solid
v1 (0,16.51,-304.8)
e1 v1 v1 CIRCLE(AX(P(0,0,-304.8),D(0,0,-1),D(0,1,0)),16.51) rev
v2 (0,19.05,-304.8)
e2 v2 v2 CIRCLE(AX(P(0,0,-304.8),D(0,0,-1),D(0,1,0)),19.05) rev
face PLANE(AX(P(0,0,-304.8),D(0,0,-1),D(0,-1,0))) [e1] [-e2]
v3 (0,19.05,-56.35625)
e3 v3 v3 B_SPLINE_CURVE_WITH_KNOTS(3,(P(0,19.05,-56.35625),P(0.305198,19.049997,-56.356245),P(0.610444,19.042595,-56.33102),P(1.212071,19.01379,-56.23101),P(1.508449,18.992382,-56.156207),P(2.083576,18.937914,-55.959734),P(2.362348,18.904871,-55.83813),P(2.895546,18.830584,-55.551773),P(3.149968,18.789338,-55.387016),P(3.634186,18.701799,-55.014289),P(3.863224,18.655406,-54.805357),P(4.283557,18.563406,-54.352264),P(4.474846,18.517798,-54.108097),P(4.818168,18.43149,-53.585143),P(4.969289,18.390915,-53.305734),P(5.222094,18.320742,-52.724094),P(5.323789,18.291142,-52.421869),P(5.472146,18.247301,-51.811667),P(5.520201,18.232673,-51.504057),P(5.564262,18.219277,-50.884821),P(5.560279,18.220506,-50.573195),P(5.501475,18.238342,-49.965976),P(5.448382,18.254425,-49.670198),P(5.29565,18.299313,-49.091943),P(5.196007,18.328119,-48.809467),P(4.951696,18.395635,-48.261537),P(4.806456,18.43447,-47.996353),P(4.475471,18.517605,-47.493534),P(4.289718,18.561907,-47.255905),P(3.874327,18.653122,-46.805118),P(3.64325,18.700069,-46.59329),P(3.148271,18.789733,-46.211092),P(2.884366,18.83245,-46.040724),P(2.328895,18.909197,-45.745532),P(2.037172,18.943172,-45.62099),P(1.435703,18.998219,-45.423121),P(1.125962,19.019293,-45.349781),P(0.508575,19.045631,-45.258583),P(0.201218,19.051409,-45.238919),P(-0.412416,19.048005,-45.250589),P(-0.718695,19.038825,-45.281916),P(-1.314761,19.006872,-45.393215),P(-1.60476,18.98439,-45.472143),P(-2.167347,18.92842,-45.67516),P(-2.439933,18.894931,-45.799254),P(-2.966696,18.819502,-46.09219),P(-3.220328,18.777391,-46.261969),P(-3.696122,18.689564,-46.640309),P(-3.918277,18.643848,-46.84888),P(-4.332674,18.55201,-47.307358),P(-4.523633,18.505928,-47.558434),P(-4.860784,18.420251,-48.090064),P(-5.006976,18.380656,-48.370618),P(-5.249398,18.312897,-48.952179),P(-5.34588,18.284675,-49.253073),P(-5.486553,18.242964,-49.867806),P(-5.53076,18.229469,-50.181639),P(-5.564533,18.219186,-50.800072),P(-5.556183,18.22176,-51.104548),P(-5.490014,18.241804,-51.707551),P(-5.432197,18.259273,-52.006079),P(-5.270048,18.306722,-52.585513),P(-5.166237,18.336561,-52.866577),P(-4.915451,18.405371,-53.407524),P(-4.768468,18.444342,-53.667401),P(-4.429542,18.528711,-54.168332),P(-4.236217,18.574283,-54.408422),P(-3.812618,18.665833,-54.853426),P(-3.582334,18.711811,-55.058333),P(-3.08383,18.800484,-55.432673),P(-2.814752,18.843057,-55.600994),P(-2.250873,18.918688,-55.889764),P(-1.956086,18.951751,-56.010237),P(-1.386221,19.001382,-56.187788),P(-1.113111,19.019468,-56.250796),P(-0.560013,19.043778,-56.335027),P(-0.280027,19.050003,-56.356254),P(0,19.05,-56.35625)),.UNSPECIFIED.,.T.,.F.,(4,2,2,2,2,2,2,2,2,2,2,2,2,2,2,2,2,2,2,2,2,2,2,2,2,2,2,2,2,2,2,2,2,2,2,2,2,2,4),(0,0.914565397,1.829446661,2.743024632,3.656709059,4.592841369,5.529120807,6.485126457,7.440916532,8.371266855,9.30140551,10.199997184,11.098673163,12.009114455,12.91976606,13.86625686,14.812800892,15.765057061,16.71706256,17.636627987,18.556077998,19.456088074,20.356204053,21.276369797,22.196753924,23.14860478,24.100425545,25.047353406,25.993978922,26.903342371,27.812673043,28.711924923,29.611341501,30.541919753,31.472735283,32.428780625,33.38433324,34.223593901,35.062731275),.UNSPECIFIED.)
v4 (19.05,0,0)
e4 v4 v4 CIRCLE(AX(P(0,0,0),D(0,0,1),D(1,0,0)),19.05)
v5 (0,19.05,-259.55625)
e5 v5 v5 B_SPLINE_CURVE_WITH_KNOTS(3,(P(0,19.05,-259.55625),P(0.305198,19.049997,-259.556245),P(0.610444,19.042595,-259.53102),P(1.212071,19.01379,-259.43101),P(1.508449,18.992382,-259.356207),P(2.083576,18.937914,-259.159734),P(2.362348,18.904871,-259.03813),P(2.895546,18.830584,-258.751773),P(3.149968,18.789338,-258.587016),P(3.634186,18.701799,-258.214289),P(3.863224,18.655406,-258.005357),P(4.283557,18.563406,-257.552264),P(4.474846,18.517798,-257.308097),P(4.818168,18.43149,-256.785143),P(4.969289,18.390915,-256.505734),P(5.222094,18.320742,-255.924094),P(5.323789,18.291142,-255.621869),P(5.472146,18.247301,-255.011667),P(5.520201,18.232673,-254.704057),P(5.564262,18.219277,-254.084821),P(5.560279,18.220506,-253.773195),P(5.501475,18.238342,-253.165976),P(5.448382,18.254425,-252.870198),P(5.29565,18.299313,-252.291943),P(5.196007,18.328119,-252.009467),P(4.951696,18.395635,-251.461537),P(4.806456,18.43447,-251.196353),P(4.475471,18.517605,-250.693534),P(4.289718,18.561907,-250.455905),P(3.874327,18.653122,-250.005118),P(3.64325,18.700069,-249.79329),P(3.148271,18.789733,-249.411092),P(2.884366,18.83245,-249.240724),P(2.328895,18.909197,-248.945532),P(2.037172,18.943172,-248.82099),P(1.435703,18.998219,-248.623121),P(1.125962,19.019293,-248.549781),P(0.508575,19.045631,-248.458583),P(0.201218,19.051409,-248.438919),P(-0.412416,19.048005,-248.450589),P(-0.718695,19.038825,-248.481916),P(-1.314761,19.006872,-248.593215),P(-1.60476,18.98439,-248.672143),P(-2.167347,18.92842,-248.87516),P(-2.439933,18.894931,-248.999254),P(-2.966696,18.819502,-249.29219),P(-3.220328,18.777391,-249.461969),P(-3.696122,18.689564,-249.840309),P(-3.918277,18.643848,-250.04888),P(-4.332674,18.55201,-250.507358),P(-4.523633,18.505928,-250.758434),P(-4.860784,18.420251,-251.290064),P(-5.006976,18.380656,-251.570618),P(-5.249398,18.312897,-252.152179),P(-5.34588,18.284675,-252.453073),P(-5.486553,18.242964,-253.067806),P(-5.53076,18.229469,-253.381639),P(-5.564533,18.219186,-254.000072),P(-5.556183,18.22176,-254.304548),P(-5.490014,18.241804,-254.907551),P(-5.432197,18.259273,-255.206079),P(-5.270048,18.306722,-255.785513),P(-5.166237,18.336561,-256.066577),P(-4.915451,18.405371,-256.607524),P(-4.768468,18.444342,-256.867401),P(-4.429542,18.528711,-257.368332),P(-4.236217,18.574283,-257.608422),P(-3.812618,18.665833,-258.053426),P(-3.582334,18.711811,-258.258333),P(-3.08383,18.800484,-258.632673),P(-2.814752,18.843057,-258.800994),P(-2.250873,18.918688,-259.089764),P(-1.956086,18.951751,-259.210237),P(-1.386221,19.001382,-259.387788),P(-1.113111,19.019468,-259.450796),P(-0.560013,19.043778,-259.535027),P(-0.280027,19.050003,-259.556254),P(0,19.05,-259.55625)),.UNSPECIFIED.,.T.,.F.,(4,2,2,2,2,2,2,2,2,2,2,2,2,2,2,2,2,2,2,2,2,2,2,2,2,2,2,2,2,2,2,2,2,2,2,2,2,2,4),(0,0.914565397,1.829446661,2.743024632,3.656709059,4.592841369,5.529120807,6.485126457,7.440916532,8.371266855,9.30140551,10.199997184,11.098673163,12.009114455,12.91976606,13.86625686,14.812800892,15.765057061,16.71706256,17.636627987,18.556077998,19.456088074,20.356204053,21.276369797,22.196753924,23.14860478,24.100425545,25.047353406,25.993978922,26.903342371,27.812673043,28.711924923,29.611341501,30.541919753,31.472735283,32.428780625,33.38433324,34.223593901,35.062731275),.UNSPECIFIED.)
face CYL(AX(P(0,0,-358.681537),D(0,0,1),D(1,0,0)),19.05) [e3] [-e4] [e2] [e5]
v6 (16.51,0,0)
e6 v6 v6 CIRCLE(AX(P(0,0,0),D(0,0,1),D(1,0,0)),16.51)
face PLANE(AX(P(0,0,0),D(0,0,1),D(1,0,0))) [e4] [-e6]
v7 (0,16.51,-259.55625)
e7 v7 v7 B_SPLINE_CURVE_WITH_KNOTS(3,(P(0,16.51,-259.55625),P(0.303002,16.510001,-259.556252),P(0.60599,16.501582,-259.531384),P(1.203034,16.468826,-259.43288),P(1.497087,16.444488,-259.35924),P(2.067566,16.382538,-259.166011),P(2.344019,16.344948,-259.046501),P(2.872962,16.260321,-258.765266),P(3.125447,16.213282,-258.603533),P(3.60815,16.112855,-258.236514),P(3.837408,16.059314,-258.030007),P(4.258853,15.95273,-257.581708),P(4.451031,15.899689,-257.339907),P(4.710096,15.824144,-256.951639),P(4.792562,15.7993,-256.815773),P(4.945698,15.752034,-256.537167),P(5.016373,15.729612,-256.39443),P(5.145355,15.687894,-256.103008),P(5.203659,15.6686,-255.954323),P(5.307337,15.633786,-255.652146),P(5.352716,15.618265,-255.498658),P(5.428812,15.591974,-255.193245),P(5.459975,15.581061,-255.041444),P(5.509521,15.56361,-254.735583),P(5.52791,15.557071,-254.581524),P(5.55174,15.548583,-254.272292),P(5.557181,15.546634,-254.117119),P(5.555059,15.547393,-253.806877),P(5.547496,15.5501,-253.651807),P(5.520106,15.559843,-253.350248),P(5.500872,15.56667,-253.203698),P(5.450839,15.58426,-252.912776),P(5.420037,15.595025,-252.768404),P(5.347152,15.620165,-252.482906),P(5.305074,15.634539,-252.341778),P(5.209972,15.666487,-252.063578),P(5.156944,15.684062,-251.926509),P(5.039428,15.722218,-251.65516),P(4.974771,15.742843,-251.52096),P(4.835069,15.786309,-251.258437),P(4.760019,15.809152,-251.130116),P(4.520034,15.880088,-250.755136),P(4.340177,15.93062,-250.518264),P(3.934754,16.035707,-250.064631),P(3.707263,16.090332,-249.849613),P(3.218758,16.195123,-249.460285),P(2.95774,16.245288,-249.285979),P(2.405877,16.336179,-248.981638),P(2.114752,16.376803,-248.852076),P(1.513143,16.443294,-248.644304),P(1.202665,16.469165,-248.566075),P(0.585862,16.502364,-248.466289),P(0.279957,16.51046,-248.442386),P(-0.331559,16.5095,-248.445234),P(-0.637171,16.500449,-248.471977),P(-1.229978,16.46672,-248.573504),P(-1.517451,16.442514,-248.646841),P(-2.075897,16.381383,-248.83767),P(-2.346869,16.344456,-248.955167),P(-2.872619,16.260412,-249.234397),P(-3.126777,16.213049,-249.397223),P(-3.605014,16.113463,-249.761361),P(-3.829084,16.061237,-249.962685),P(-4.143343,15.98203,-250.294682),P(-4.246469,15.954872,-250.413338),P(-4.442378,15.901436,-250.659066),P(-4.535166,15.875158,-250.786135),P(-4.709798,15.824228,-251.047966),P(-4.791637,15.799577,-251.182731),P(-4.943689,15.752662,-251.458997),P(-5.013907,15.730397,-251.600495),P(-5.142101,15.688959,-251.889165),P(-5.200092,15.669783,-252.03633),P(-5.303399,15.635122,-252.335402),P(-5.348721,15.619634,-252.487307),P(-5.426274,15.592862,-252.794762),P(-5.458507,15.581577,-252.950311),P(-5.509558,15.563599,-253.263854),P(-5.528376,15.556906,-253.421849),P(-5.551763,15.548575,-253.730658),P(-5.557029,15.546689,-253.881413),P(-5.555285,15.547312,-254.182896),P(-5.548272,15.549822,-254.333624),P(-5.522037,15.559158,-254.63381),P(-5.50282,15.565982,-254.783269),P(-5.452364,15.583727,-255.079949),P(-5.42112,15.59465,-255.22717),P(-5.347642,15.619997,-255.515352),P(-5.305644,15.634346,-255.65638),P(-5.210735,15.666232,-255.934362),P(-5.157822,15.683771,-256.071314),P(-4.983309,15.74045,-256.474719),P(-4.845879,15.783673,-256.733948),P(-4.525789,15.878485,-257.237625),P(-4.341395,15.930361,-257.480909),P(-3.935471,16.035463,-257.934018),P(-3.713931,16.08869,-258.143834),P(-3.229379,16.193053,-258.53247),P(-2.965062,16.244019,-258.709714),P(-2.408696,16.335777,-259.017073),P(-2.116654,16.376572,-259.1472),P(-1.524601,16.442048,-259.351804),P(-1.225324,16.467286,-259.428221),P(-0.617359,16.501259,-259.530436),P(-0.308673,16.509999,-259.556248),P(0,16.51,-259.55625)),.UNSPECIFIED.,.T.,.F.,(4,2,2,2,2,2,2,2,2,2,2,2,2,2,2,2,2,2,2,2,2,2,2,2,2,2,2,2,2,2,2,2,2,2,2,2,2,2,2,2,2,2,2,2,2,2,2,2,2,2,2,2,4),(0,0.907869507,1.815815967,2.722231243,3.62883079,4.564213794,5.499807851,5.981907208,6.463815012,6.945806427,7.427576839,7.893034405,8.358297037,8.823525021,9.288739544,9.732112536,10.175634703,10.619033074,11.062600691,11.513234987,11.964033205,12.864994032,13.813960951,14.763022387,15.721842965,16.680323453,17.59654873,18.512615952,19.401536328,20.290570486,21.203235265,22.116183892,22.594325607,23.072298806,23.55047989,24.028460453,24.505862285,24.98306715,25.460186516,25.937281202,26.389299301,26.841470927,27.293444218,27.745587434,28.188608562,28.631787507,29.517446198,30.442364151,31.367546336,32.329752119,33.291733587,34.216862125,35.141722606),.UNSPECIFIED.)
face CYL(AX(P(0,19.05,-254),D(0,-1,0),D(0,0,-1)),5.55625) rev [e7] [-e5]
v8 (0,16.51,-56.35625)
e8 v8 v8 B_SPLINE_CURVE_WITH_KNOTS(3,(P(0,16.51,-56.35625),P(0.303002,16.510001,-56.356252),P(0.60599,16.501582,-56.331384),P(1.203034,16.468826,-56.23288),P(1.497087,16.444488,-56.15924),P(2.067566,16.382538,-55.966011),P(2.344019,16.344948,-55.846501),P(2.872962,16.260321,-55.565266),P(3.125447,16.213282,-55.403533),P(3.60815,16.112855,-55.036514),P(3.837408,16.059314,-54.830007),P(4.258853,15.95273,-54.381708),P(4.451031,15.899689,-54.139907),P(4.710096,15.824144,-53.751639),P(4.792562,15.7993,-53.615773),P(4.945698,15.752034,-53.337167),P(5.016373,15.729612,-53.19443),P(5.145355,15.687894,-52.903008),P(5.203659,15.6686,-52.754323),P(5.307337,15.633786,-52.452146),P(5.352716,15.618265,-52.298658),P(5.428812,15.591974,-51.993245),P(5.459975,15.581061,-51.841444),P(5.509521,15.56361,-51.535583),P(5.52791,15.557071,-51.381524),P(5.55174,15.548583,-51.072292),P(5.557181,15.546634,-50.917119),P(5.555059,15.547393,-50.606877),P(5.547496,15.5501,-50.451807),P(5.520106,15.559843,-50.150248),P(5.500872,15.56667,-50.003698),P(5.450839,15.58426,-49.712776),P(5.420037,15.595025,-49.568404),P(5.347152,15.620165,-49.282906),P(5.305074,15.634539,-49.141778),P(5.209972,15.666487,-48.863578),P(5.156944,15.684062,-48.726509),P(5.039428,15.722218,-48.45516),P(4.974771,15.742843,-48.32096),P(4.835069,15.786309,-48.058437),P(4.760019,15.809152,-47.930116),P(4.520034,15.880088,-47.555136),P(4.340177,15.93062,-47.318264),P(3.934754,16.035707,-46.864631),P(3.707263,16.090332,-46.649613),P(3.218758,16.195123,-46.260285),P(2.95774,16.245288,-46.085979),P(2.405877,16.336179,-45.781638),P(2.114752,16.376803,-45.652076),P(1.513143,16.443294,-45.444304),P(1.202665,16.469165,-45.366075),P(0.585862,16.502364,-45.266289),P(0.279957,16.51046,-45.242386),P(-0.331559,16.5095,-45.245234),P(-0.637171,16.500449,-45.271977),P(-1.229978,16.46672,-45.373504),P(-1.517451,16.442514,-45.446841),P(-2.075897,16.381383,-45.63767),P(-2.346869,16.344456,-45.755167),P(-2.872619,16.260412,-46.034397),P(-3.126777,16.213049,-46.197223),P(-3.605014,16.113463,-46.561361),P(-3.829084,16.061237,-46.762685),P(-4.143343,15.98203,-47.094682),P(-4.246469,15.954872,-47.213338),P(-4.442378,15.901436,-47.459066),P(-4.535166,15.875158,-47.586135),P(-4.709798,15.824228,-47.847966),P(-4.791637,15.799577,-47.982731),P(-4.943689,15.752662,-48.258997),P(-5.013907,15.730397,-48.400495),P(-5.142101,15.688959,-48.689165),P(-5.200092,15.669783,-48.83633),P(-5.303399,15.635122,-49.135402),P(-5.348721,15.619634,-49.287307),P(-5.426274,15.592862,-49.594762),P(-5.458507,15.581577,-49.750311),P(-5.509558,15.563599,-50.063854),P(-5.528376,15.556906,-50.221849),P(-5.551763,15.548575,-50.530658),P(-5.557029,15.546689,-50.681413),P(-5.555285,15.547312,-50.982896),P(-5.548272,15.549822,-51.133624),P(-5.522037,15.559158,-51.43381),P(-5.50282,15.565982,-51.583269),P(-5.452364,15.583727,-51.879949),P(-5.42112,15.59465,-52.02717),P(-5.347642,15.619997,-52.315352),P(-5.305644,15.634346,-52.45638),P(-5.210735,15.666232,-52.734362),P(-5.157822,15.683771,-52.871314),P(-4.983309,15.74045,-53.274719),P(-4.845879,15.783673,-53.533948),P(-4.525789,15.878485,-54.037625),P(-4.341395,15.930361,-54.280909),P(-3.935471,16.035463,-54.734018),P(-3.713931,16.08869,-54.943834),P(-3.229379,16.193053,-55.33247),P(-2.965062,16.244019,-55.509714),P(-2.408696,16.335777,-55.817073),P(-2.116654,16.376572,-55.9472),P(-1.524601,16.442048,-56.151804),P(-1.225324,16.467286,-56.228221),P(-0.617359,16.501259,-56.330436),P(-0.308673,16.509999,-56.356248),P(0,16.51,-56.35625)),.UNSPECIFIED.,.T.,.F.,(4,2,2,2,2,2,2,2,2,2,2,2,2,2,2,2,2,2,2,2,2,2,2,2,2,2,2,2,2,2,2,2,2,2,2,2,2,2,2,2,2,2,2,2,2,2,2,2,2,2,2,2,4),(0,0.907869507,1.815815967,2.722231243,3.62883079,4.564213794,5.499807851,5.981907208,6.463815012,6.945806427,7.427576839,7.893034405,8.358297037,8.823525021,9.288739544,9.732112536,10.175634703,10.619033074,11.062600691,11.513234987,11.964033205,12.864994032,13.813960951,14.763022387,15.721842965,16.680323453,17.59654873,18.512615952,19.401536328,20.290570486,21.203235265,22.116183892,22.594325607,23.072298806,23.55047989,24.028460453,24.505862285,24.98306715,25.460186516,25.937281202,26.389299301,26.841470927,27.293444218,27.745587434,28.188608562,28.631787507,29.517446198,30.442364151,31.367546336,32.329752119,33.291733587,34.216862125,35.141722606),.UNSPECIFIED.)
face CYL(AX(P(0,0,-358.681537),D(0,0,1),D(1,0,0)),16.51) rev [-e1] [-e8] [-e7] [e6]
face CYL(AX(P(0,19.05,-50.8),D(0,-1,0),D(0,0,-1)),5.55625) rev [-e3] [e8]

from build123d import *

# Parameters (mm, degrees)
SKETCH1_R           = 19.05
SKETCH1_R_2         = 16.51
EXTRUDE_THIN1_DEPTH = 304.8
SKETCH2_R           = 5.55625
CUT_EXTRUDE1_DEPTH  = 20.05


with BuildPart() as part:
    # Sketch1 → Extrude-Thin1 (new body)
    with BuildSketch(Plane.XY):
        Circle(SKETCH1_R)
        Circle(SKETCH1_R_2, mode=Mode.SUBTRACT)
    extrude(amount=-EXTRUDE_THIN1_DEPTH)

    # Sketch2 → Cut-Extrude1 (cut, through all)
    with BuildSketch(Plane(origin=(0, 0, 0), x_dir=(1, 0, 0), z_dir=(0, 1, 0))):
        with Locations((0, 50.8)):
            Circle(SKETCH2_R)
        with Locations((0, 254)):
            Circle(SKETCH2_R)
    extrude(amount=CUT_EXTRUDE1_DEPTH, mode=Mode.SUBTRACT)


solid = part.part
